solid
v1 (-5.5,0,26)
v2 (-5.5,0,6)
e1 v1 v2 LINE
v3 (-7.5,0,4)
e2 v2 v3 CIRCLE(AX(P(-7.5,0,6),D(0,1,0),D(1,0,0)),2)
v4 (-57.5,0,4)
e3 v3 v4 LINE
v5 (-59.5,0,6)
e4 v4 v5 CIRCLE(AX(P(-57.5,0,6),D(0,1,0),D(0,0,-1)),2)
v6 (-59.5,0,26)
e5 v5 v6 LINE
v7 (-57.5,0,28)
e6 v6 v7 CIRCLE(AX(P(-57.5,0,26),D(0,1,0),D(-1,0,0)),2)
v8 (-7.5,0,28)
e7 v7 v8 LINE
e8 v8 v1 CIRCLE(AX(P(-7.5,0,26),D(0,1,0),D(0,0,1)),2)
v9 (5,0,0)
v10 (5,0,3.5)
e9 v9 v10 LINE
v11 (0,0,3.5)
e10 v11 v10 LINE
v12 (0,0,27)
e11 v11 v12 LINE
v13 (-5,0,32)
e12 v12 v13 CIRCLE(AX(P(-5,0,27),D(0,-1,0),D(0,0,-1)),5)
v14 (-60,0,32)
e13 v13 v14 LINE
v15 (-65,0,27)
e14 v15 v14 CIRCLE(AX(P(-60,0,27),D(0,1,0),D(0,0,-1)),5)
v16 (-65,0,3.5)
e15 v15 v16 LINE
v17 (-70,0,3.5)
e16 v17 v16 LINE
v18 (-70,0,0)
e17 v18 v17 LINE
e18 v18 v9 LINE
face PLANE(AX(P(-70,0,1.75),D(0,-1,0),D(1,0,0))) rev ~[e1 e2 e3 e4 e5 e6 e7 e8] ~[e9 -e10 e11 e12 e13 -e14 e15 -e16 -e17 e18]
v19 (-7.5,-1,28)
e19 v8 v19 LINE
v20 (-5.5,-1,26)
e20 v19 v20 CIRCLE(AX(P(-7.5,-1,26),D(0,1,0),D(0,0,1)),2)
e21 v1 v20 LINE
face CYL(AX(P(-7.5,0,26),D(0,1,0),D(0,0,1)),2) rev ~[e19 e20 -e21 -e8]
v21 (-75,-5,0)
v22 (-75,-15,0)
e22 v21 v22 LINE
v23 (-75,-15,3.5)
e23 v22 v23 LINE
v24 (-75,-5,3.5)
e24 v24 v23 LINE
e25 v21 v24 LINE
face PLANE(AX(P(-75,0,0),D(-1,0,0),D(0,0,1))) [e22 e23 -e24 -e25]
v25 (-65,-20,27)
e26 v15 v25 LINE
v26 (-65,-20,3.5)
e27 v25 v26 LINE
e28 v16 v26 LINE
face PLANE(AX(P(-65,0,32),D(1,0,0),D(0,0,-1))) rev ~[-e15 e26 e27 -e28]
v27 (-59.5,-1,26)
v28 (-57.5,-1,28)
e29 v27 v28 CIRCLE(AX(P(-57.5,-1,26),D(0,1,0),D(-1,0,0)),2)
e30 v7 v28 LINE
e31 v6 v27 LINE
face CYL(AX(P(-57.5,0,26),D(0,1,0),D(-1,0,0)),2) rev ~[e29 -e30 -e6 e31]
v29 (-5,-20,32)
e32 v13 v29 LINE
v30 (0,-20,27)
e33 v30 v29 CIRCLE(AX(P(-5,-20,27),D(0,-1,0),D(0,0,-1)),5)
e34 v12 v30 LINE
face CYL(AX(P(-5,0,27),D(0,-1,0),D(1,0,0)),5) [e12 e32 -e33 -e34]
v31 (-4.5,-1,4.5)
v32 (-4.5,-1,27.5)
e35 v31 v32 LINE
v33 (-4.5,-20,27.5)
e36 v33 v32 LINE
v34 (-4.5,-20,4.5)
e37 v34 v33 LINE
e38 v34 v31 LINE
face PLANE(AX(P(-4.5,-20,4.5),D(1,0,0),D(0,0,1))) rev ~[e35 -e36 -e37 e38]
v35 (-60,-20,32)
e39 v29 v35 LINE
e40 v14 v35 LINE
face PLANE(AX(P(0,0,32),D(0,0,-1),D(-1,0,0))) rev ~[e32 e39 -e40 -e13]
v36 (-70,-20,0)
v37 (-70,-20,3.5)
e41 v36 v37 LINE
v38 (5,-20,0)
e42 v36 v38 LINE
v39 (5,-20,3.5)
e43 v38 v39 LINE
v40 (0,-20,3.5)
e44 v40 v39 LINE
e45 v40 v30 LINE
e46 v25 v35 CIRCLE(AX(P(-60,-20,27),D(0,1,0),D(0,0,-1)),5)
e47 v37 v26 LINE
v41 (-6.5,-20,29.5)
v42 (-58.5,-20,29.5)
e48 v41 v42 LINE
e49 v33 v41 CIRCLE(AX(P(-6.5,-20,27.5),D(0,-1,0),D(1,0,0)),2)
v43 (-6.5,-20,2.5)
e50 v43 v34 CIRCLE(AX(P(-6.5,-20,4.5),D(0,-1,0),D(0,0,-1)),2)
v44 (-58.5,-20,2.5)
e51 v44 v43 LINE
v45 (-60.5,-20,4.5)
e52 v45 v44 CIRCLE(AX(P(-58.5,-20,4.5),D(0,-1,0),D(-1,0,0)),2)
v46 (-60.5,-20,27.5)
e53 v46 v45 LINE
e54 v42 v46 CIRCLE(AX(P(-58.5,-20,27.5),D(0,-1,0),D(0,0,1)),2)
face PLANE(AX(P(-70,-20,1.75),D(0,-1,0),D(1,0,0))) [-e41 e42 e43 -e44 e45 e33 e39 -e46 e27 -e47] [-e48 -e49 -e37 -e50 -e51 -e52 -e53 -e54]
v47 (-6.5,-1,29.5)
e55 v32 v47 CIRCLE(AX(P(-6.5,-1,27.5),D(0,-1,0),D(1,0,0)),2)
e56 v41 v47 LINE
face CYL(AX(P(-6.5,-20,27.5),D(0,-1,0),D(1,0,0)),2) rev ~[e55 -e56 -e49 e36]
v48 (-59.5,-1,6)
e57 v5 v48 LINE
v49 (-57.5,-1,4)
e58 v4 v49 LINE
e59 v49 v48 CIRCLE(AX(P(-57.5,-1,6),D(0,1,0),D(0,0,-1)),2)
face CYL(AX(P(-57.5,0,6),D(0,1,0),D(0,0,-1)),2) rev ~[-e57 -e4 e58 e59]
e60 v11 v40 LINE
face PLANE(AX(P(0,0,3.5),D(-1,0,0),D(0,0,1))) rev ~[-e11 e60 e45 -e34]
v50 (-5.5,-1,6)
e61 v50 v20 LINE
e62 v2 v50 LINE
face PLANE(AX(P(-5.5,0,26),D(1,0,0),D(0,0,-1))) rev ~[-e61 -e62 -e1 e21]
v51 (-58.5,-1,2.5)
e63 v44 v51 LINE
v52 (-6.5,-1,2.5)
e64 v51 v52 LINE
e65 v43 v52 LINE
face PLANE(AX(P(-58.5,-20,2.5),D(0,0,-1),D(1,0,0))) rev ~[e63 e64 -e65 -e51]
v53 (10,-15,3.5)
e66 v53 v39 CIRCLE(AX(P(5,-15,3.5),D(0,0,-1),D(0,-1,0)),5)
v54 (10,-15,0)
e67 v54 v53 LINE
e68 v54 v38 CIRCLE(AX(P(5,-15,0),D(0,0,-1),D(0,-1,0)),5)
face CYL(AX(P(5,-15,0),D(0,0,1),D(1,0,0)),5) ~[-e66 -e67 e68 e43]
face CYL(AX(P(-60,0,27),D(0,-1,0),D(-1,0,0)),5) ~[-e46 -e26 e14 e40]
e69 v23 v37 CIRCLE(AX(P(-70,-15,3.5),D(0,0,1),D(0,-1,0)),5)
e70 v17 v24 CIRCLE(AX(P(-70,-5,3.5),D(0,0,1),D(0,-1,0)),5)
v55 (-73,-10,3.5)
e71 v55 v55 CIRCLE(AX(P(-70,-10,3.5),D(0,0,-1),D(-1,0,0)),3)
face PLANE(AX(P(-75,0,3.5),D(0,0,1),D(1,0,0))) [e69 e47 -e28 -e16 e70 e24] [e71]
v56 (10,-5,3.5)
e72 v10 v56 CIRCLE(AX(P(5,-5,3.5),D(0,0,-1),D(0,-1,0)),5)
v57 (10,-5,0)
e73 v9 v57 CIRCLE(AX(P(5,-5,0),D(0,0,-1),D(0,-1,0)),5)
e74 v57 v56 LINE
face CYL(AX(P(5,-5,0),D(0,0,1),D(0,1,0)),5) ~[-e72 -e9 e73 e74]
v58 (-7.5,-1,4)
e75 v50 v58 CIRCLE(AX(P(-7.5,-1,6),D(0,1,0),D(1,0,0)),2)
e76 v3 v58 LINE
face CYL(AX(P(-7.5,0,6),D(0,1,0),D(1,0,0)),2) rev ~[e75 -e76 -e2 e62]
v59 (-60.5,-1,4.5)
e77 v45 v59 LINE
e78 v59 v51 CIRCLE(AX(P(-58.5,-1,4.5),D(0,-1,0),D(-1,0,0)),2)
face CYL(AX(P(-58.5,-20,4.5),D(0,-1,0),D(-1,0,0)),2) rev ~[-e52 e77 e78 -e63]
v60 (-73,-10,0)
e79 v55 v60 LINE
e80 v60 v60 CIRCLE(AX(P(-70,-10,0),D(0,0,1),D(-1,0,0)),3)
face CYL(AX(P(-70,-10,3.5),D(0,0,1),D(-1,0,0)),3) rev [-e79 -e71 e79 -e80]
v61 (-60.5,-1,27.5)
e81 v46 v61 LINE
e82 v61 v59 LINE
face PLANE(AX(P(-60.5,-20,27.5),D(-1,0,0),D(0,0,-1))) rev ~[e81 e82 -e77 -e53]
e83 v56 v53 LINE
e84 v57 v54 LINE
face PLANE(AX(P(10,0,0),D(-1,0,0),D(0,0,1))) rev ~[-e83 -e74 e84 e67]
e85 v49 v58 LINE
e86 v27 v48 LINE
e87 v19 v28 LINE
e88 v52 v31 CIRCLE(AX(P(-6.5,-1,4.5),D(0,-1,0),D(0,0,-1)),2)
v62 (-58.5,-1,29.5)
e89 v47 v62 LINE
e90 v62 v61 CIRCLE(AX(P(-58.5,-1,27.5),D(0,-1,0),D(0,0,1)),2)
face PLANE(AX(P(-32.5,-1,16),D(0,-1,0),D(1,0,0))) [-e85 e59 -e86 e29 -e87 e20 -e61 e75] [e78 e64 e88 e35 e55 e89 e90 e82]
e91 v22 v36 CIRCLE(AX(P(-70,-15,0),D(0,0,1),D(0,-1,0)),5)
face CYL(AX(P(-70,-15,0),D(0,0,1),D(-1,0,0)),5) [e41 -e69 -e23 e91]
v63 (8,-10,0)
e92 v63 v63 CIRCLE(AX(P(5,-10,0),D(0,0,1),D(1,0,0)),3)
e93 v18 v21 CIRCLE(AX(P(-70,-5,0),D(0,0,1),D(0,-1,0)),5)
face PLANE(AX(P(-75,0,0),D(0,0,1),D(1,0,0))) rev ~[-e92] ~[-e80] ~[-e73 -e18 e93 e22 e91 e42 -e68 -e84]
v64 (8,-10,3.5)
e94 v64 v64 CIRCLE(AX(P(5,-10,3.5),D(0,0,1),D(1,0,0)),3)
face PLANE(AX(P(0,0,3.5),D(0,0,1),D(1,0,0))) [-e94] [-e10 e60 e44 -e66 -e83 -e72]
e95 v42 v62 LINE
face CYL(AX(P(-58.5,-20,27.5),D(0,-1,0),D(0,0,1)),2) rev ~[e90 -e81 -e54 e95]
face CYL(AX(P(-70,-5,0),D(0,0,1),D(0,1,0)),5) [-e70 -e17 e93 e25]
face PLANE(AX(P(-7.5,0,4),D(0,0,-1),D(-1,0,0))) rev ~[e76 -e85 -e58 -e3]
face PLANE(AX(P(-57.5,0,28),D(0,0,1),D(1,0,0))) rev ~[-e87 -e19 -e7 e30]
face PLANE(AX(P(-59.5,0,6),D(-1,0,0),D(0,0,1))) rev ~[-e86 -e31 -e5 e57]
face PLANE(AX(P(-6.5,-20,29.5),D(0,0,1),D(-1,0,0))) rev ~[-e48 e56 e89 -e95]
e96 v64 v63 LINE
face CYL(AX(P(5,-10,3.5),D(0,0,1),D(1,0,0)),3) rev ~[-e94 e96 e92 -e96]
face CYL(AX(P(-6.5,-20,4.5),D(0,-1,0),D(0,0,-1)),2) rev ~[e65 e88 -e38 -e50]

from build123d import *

# Parameters (mm, degrees)
F0_W      = 10
F0_H      = 3.5
F1_DEPTH  = 20
F2_R      = 3
F3_DEPTH  = 3.501
F6_R      = 5
F9_DEPTH  = 19
F10_DEPTH = 5
F11_R     = 5


with BuildPart() as f1:
    # F0 (on Front) → F1 (new body)
    with BuildSketch(Plane.XZ):
        with Locations((-70, 1.75)):
            Rectangle(F0_W, F0_H)
        Polygon((-65, 0), (0, 0), (0, 3.5), (0, 32), (-65, 32), (-65, 3.5), align=None)
        with Locations((5, 1.75)):
            Rectangle(F0_W, F0_H)
    extrude(amount=F1_DEPTH)

    # F2 (on face) → F3 (cut, through all)
    with BuildSketch(Plane.XY.offset(3.5)):
        with Locations((5, -10)):
            Circle(F2_R)
    f3 = extrude(amount=-F3_DEPTH, mode=Mode.SUBTRACT)

    # F5: F3 across plane
    add(f3.mirror(Plane.YZ.offset(-32.5)), mode=Mode.SUBTRACT)

    # F6
    f6_edges = [f1.edges().sort_by_distance(p)[0] for p in [
        (0, -10, 32),
        (-65, -10, 32),
    ]]
    fillet(f6_edges, radius=F6_R)

    # F8 (on face) → F9 (cut)
    with BuildSketch(Plane.XZ.offset(20)):
        with BuildLine():
            Line((-58.5, 2.5), (-6.5, 2.5))
            ThreePointArc((-6.5, 2.5), (-5.0857864376, 3.0857864376), (-4.5, 4.5))
            Line((-4.5, 4.5), (-4.5, 27.5))
            ThreePointArc((-4.5, 27.5), (-5.0857864376, 28.9142135624), (-6.5, 29.5))
            Line((-6.5, 29.5), (-58.5, 29.5))
            ThreePointArc((-58.5, 29.5), (-59.9142135624, 28.9142135624), (-60.5, 27.5))
            Line((-60.5, 27.5), (-60.5, 4.5))
            ThreePointArc((-60.5, 4.5), (-59.9142135624, 3.0857864376), (-58.5, 2.5))
        make_face()
    extrude(amount=-F9_DEPTH, mode=Mode.SUBTRACT)

    # F7 (on face) → F10 (cut)
    with BuildSketch(Plane(origin=(0, 0, 0), x_dir=(-1, 0, 0), z_dir=(0, 1, 0))):
        with BuildLine():
            Line((7.5, 4), (57.5, 4))
            ThreePointArc((57.5, 4), (58.9142135624, 4.5857864376), (59.5, 6))
            Line((59.5, 6), (59.5, 26))
            ThreePointArc((59.5, 26), (58.9142135624, 27.4142135624), (57.5, 28))
            Line((57.5, 28), (7.5, 28))
            ThreePointArc((7.5, 28), (6.0857864376, 27.4142135624), (5.5, 26))
            Line((5.5, 26), (5.5, 6))
            ThreePointArc((5.5, 6), (6.0857864376, 4.5857864376), (7.5, 4))
        make_face()
    extrude(amount=-F10_DEPTH, mode=Mode.SUBTRACT)

    # F11
    f11_edges = [f1.edges().sort_by_distance(p)[0] for p in [
        (-75, -20, 1.75),
        (-75, 0, 1.75),
        (10, -20, 1.75),
        (10, 0, 1.75),
    ]]
    fillet(f11_edges, radius=F11_R)


solid = f1.part
